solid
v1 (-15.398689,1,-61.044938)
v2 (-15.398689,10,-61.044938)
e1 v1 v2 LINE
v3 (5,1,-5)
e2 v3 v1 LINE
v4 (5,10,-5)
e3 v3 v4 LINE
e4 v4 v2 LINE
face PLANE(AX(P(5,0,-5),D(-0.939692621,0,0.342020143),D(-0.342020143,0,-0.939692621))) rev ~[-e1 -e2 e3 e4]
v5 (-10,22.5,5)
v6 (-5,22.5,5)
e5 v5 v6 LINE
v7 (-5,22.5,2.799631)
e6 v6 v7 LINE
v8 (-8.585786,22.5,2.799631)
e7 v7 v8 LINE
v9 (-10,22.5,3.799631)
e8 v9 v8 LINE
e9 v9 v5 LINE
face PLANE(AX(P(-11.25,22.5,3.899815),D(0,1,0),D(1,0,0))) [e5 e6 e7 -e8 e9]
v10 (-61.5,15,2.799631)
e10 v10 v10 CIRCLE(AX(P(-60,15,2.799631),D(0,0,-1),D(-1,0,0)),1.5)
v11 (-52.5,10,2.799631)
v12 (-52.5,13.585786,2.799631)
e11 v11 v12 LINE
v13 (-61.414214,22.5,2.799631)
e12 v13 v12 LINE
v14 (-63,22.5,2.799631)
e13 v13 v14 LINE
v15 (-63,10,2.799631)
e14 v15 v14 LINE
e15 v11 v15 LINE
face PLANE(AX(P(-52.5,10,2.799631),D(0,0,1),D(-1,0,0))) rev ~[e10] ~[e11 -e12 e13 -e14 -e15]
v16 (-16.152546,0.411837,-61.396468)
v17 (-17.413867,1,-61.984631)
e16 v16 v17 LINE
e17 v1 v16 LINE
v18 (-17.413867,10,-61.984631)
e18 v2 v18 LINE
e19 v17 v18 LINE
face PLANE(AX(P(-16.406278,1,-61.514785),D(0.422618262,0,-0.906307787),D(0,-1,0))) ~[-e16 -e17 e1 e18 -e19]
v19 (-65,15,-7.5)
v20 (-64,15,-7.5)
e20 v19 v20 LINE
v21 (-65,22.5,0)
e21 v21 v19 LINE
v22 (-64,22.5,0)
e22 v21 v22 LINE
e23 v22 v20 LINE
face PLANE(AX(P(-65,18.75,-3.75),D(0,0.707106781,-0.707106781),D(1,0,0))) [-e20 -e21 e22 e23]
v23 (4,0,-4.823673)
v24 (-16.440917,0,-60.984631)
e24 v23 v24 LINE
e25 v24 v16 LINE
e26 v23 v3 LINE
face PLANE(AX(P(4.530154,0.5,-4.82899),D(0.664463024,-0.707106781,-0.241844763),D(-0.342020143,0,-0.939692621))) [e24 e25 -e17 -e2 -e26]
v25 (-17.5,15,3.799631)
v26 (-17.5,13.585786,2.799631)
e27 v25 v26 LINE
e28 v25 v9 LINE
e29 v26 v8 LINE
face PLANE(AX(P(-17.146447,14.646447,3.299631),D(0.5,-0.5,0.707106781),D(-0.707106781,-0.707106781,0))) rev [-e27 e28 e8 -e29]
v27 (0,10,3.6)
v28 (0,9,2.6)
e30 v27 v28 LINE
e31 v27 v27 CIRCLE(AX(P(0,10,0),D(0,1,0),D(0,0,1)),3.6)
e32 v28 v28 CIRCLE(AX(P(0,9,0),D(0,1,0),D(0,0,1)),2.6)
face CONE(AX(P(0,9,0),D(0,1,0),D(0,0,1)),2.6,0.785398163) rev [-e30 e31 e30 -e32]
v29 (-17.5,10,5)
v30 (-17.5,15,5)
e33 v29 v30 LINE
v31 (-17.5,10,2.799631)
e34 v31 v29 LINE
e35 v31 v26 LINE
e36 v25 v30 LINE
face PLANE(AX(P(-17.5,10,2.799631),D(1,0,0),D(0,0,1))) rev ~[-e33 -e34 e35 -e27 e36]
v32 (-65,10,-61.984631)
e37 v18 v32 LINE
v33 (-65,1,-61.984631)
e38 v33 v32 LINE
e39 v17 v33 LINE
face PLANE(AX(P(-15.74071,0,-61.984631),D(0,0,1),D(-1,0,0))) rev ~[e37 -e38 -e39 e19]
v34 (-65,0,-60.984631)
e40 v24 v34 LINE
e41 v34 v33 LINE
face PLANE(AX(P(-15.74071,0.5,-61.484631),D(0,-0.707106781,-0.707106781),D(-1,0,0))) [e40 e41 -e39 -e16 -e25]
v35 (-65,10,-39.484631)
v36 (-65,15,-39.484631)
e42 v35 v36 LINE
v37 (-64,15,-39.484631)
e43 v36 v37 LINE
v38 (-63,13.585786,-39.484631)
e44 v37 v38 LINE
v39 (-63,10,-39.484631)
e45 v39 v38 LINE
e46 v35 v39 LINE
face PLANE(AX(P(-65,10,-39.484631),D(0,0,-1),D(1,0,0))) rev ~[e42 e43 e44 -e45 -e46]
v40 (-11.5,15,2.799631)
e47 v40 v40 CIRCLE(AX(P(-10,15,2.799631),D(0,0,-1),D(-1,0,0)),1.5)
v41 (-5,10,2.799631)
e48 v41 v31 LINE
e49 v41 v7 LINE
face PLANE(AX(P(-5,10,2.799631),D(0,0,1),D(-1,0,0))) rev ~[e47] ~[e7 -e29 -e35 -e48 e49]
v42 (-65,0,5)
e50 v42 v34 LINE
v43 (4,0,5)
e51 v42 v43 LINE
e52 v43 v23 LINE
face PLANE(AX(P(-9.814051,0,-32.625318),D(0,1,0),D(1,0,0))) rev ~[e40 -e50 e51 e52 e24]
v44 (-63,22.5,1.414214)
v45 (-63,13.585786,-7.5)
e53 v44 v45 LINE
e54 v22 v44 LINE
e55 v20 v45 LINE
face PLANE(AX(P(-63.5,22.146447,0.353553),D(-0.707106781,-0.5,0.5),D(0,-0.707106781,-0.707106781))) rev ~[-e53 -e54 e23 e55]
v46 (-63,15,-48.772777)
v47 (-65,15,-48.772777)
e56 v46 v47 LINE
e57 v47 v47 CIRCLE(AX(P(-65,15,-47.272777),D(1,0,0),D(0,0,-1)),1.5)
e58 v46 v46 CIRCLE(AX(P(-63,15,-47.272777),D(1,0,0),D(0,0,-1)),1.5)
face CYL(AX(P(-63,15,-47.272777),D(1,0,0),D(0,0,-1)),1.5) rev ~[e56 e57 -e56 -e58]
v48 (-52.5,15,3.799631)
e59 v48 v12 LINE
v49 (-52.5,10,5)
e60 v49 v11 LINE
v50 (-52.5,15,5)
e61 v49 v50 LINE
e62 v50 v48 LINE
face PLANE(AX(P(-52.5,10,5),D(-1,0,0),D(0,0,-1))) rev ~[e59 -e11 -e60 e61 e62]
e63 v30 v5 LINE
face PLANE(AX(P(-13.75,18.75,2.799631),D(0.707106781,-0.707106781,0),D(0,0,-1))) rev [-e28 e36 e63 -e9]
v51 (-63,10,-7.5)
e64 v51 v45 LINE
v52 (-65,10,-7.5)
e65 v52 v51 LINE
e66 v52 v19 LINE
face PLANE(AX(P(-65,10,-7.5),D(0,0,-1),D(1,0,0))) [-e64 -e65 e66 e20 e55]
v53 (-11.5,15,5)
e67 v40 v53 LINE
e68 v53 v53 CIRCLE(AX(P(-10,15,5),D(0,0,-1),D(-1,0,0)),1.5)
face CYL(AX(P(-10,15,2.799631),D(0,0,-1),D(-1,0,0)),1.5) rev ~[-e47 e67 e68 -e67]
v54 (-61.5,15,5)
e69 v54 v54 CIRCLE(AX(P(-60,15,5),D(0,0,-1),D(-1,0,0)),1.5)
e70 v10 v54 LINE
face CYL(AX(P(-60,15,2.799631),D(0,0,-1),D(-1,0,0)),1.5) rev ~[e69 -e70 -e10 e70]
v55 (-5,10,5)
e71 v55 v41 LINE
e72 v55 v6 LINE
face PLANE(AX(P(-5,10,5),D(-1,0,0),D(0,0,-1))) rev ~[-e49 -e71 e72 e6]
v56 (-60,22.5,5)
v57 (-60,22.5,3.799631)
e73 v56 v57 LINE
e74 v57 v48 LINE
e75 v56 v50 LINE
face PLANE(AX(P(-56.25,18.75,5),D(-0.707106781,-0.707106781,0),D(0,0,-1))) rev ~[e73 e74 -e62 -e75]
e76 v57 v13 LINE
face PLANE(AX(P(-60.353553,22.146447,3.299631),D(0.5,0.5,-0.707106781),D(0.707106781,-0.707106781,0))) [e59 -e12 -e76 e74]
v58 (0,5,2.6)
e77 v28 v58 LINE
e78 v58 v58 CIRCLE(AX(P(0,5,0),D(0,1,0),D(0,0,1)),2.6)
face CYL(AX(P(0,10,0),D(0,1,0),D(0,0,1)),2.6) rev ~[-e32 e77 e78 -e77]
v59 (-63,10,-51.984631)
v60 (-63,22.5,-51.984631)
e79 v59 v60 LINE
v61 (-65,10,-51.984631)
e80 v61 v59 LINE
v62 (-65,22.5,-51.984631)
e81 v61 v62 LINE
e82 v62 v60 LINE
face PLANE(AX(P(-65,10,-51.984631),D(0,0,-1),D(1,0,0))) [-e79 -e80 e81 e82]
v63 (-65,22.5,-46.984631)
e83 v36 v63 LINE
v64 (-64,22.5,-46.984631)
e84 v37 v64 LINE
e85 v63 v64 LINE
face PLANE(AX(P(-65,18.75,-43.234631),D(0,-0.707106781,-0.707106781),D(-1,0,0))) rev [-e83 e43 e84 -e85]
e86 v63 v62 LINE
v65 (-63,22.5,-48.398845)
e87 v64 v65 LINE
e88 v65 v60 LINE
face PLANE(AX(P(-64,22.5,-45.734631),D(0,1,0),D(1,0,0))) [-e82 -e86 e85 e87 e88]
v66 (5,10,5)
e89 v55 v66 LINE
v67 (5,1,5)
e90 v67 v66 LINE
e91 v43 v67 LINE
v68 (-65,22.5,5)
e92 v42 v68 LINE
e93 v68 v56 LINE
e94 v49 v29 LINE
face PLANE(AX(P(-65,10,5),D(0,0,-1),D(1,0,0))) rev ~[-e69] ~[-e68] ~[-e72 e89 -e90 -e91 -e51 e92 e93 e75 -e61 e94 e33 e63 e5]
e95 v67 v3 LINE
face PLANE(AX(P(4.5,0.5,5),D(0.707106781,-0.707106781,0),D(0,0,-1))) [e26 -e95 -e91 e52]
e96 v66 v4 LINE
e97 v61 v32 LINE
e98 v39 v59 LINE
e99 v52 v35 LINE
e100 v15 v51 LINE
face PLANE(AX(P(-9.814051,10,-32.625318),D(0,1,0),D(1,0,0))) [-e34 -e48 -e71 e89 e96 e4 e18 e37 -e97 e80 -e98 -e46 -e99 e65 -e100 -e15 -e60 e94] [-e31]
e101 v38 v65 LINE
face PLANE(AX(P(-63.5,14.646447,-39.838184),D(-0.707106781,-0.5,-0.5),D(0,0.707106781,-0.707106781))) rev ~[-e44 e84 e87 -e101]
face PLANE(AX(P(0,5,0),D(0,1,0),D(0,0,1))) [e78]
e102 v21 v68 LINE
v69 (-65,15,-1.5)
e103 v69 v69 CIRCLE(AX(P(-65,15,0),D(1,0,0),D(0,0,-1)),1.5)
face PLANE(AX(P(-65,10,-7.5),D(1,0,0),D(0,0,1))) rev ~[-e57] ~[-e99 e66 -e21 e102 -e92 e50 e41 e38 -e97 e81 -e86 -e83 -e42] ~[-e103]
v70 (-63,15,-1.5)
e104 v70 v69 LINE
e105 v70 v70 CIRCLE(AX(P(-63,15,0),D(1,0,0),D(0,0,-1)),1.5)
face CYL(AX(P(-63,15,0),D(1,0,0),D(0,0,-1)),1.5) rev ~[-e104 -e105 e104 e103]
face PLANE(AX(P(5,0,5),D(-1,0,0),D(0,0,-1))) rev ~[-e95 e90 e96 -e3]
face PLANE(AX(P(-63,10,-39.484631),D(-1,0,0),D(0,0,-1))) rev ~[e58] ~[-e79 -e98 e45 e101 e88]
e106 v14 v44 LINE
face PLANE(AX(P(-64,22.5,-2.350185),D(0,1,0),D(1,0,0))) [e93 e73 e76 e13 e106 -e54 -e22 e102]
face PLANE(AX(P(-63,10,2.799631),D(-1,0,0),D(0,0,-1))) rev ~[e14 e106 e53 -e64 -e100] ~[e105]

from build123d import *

# Parameters (mm, degrees)
SKETCH1_W           = 10.000000000000004
SKETCH1_H           = 10
SKETCH1_W_2         = 10
BOSS_EXTRUDE1_DEPTH = 10
SKETCH2_W           = 1.999999999999993
SKETCH2_H           = 10.29963091051744
SKETCH2_H_2         = 12.500000000000014
BOSS_EXTRUDE2_DEPTH = 12.5
SKETCH3_R           = 1.5000000000000002
SKETCH3_R_2         = 1.5000000000000042
CUT_EXTRUDE1_DEPTH  = 2.200369089
CHAMFER1_SIZE       = 7.5
CHAMFER2_SIZE       = 1
SKETCH4_R           = 1.4999999999999998
SKETCH4_R_2         = 1.5000000000000042
CUT_EXTRUDE2_DEPTH  = 2
CHAMFER3_SIZE       = 7.5
CHAMFER4_SIZE       = 1
CHAMFER5_SIZE       = 1
SKETCH5_R           = 2.6000000000000005
CUT_EXTRUDE3_DEPTH  = 5
CHAMFER6_SIZE       = 1
CHAMFER7_SIZE       = 1
CHAMFER7_SIZE2      = 1.6731571851015008


with BuildPart() as part:
    # Sketch1 → Boss-Extrude1 (new body)
    with BuildSketch(Plane(origin=(0, 0, 0), x_dir=(1, 0, 0), z_dir=(0, 1, 0))):
        Polygon((-12.101007166283637, 51.98463103929535), (-15.740709508945708, 61.984631039295344), (-22.10100716628364, 61.984631039295344), (-22.10100716628364, 51.984631039295344), (-5, 5.000000000000001), (5, 5.000000000000001), align=None)
        with Locations((-27.101007166283644, 56.98463103929535)):
            Rectangle(SKETCH1_W, SKETCH1_H)
        Polygon((-65, 61.984631039295344), (-32.101007166283644, 61.984631039295344), (-32.101007166283644, 51.984631039295344), (-22.10100716628364, 51.984631039295344), (-5, 5.000000000000001), (-5, -5), (-65, -5.000000000000009), align=None)
        Rectangle(SKETCH1_W_2, SKETCH1_H)
    extrude(amount=BOSS_EXTRUDE1_DEPTH)

    # Sketch2 → Boss-Extrude2 (add)
    with BuildSketch(Plane(origin=(0, 10, 0), x_dir=(1, 0, 0), z_dir=(0, 1, 0))):
        with Locations((-64, 2.3501845447412815)):
            Rectangle(SKETCH2_W, SKETCH2_H)
        Polygon((-65, -5.000000000000009), (-63, -5.000000000000007), (-63, -2.799630910517438), (-65, -2.799630910517438), align=None)
        Polygon((-63, -5.000000000000007), (-52.50000000000001, -5), (-52.50000000000001, -2.799630910517438), (-63, -2.799630910517438), align=None)
        Polygon((-17.5, -2.799630910517445), (-17.5, -5), (-5, -5), (-5.000000000000001, -2.799630910517445), align=None)
        with Locations((-64, 45.734631039295344)):
            Rectangle(SKETCH2_W, SKETCH2_H_2)
    extrude(amount=BOSS_EXTRUDE2_DEPTH)

    # Sketch3 → Cut-Extrude1 (cut)
    with BuildSketch(Plane(origin=(0, 0, 2.799630910517438), x_dir=(-1, 0, 0), z_dir=(0, 0, -1))):
        with Locations((10.000000000000002, 15)):
            Circle(SKETCH3_R)
        with Locations((60.00000000000001, 15.000000000000002)):
            Circle(SKETCH3_R_2)
    extrude(amount=-CUT_EXTRUDE1_DEPTH, mode=Mode.SUBTRACT)

    # Chamfer1
    chamfer1_edges = [part.edges().sort_by_distance(p)[0] for p in [
        (-52.50000000000001, 22.5, 3.899815455258719),
        (-17.5, 22.5, 3.8998154552587225),
    ]]
    chamfer(chamfer1_edges, length=CHAMFER1_SIZE)

    # Chamfer2
    chamfer2_edges = [part.edges().sort_by_distance(p)[0] for p in [
        (-56.25000000000001, 18.75, 2.799630910517438),
        (-13.75, 18.75, 2.799630910517445),
    ]]
    chamfer(chamfer2_edges, length=CHAMFER2_SIZE)

    # Sketch4 → Cut-Extrude2 (cut)
    with BuildSketch(Plane(origin=(-63, 0, 0), x_dir=(0, 0, -1), z_dir=(1, 0, 0))):
        with Locations((0, 15)):
            Circle(SKETCH4_R)
        with Locations((47.27277690959397, 15)):
            Circle(SKETCH4_R_2)
    extrude(amount=-CUT_EXTRUDE2_DEPTH, mode=Mode.SUBTRACT)

    # Chamfer3
    chamfer3_edges = [part.edges().sort_by_distance(p)[0] for p in [
        (-64, 22.5, -7.500000000000001),
        (-64, 22.5, -39.48463103929534),
    ]]
    chamfer(chamfer3_edges, length=CHAMFER3_SIZE)

    # Chamfer4
    chamfer4_edges = [part.edges().sort_by_distance(p)[0] for p in [
        (-63, 18.750000000000004, -43.23463103929534),
        (-63, 18.75, -3.750000000000001),
    ]]
    chamfer(chamfer4_edges, length=CHAMFER4_SIZE)

    # Chamfer5
    chamfer5_edges = [part.edges().sort_by_distance(p)[0] for p in [
        (-5.370354754472853, 0, -33.492315519647676),
        (5, 0, 0),
        (-40.37035475447286, 0, -61.984631039295344),
    ]]
    chamfer(chamfer5_edges, length=CHAMFER5_SIZE)

    # Sketch5 → Cut-Extrude3 (cut)
    with BuildSketch(Plane(origin=(0, 10, 0), x_dir=(1, 0, 0), z_dir=(0, 1, 0))):
        with Locations(Location((0, -4.3e-16, 0), (0, 0, 270))):
            Circle(SKETCH5_R)
    extrude(amount=-CUT_EXTRUDE3_DEPTH, mode=Mode.SUBTRACT)

    # Chamfer6
    chamfer6_edges = [part.edges().sort_by_distance(p)[0] for p in [
        (8e-16, 10, -2.6),
    ]]
    chamfer(chamfer6_edges, length=CHAMFER6_SIZE)

    # Chamfer7
    chamfer7_edges = [part.edges().sort_by_distance(p)[0] for p in [
        (-15.740709508945708, 5.5, -61.984631039295344),
    ]]
    chamfer7_side = [part.faces().sort_by_distance(p)[0] for p in [
        (-5.370354754472848, 5.5, -33.49231551964767),
    ]]
    chamfer(chamfer7_edges, length=CHAMFER7_SIZE, length2=CHAMFER7_SIZE2, reference=chamfer7_side[0])


solid = part.part
